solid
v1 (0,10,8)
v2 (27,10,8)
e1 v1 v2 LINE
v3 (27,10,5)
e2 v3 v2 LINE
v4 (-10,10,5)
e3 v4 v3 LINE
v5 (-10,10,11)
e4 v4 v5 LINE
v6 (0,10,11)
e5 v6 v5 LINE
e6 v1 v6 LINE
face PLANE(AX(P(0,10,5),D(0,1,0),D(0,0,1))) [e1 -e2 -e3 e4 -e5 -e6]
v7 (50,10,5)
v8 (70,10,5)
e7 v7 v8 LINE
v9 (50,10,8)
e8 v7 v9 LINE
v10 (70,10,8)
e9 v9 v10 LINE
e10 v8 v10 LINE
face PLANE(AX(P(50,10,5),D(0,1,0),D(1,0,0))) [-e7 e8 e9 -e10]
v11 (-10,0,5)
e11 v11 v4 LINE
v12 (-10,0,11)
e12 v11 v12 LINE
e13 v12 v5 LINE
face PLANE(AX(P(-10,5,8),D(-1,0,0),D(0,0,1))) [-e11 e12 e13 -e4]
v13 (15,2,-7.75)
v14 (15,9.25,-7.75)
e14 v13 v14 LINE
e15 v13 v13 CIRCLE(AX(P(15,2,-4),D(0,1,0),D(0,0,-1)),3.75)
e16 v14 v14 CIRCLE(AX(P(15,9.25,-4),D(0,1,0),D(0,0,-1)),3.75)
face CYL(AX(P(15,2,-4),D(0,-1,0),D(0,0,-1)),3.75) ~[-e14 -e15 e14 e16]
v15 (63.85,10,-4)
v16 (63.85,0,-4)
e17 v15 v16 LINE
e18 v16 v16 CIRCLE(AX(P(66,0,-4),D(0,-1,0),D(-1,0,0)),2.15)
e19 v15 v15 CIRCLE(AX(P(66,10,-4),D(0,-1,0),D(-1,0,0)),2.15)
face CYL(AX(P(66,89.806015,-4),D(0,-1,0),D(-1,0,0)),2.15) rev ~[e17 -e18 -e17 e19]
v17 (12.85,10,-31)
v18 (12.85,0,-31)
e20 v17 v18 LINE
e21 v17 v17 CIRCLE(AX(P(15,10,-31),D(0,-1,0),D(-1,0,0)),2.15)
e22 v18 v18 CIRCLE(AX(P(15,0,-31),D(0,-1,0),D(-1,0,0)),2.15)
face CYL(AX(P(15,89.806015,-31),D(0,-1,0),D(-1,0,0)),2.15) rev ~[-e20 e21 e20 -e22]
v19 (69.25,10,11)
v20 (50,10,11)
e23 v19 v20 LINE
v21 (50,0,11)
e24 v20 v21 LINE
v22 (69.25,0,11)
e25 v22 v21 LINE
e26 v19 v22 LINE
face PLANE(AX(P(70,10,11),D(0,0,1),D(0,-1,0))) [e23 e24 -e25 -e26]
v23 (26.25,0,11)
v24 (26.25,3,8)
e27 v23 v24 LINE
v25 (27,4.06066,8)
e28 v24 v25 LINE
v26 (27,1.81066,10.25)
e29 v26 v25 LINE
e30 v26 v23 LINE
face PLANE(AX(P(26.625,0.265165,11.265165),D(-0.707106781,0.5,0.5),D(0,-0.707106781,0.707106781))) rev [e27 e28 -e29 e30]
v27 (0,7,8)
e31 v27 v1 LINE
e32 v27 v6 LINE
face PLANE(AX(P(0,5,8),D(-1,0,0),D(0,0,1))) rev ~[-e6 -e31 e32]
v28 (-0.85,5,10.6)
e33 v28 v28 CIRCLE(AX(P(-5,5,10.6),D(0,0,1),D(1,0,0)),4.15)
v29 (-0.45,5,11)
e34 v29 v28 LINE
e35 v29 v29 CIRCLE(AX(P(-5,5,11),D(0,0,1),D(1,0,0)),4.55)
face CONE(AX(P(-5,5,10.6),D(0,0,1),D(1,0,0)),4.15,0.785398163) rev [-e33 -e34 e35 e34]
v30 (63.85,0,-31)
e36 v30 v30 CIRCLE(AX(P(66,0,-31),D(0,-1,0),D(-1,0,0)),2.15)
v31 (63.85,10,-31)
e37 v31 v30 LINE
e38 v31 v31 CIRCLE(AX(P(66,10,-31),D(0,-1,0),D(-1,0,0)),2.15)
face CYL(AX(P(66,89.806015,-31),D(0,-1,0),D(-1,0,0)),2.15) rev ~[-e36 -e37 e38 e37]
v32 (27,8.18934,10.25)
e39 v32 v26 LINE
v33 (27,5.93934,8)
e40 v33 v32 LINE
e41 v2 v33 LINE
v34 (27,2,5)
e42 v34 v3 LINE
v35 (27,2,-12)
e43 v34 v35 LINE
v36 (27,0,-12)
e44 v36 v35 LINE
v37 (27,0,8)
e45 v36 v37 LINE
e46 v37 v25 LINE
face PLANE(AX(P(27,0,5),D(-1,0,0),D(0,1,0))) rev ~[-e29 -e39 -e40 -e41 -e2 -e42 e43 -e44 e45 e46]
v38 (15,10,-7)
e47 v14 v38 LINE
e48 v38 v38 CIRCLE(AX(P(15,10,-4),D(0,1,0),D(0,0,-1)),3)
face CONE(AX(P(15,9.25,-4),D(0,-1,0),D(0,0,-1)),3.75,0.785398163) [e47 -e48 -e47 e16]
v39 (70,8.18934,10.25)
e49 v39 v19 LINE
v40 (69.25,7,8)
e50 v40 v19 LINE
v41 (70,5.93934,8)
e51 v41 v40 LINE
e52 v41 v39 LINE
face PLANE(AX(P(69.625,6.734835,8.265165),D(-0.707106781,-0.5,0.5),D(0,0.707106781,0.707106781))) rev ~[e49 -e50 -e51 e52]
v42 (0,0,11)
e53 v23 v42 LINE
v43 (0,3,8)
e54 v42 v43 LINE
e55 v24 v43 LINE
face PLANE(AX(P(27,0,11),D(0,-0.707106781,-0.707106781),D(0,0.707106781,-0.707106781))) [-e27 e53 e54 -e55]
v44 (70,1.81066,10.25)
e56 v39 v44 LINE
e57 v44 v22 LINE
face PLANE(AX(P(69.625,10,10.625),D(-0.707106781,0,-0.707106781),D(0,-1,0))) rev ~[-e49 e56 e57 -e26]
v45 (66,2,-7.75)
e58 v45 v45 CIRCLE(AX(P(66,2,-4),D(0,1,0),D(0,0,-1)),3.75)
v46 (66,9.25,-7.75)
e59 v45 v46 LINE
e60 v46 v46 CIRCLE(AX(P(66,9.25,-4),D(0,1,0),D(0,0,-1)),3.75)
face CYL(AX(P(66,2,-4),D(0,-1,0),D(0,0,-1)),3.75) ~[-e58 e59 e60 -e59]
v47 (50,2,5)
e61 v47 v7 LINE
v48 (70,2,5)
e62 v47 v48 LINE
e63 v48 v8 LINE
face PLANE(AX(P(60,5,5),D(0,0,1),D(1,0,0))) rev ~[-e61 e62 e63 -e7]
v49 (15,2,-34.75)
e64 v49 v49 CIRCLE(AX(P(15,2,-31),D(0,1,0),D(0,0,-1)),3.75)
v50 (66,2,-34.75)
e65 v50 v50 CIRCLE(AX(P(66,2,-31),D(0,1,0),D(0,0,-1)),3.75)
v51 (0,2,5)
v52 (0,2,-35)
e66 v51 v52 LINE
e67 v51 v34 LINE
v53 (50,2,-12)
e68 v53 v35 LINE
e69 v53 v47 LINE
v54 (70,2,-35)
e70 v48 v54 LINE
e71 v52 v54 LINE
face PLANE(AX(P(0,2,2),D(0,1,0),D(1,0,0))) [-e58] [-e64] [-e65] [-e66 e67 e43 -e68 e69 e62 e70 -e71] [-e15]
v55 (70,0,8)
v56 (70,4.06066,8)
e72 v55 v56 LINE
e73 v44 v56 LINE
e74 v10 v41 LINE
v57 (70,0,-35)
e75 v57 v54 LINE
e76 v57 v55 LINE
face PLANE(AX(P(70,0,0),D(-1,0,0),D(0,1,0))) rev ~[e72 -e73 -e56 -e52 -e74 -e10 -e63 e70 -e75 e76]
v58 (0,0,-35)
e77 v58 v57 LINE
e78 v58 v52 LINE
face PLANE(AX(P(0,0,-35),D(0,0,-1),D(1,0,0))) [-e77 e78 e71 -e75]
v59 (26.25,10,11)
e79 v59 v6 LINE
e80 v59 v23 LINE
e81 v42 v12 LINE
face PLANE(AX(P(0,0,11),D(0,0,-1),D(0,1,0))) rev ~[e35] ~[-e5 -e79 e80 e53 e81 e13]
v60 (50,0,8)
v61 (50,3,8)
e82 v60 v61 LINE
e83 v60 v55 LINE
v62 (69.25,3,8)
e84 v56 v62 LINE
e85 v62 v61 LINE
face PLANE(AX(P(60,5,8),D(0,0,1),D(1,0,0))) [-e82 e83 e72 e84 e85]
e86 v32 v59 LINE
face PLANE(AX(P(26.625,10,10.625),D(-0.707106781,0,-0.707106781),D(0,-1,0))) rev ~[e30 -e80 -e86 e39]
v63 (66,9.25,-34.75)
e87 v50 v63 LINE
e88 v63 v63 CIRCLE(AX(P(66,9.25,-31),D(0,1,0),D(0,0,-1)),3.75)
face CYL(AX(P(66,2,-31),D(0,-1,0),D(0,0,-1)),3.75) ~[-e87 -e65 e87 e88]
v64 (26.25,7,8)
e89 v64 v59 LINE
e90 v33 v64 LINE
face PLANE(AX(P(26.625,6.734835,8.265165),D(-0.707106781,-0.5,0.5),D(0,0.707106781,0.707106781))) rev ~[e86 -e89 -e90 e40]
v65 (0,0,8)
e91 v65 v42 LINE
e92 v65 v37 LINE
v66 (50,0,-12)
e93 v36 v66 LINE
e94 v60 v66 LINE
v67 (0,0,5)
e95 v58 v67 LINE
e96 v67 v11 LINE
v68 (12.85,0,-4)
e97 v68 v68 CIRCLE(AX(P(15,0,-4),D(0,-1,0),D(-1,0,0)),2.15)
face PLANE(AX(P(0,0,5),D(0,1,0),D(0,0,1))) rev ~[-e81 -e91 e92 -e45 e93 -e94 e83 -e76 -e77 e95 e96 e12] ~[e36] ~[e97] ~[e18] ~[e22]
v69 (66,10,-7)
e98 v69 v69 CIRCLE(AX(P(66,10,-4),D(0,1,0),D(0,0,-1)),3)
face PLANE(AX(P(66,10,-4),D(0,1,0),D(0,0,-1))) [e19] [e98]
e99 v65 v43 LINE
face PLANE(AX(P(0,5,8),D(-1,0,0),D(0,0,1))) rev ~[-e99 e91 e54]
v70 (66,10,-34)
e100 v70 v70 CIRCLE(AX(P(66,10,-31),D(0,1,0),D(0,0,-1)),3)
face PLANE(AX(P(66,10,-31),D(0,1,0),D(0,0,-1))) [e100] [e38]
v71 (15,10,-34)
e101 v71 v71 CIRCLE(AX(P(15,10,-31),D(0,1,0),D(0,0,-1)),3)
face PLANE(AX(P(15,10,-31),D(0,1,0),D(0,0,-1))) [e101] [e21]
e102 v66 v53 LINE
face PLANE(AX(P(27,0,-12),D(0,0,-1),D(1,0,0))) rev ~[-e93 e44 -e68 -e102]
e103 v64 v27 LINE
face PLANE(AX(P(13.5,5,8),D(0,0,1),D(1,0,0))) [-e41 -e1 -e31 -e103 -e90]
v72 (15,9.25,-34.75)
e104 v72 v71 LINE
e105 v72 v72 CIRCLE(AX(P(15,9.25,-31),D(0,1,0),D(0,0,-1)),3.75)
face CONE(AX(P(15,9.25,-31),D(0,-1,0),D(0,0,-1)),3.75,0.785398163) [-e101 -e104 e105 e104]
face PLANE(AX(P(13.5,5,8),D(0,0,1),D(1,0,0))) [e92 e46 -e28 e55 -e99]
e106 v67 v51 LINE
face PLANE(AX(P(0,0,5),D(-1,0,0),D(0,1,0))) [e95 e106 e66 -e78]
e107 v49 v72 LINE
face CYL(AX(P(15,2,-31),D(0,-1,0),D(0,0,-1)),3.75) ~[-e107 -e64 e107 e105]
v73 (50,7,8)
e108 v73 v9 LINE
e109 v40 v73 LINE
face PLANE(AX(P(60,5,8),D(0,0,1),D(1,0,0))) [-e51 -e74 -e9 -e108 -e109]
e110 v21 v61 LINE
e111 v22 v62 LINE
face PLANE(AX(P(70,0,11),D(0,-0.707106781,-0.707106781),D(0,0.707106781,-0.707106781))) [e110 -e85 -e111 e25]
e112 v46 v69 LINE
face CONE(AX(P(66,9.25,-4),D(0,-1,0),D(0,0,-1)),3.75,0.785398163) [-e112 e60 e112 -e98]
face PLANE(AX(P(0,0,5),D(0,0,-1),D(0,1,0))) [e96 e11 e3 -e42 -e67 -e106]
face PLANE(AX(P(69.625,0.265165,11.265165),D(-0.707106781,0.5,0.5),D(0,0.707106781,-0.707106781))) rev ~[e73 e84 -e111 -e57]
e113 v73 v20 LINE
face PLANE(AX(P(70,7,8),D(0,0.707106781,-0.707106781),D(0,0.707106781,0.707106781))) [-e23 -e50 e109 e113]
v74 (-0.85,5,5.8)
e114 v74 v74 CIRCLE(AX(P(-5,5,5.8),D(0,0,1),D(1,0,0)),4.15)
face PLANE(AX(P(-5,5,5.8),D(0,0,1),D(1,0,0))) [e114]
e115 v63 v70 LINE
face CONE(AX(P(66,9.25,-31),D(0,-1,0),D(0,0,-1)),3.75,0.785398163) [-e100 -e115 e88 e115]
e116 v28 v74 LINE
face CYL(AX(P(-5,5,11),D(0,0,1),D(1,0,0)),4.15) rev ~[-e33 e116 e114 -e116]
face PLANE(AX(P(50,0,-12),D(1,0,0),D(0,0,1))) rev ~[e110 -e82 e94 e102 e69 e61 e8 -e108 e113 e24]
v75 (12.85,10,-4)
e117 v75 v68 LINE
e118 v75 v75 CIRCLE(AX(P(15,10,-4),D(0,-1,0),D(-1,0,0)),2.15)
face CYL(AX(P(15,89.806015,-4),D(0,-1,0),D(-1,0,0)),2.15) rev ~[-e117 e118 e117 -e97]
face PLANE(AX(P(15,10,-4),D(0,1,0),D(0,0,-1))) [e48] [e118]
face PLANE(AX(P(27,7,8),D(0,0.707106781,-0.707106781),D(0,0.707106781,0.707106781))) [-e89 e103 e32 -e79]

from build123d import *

# Parameters (mm, degrees)
SKETCH1_W                  = 70
SKETCH1_H                  = 35
BOSS_EXTRUDE1_DEPTH        = 2
SKETCH2_R                  = 3.75
BOSS_EXTRUDE2_DEPTH        = 8
SKETCH6_W                  = 70
SKETCH6_H                  = 2
BOSS_EXTRUDE3_DEPTH        = 2
F_4_3_4_3_DIAMETER_HOLE1_D = 4.3
CHAMFER1_SIZE              = 0.75
SKETCH5_W                  = 23
SKETCH5_H                  = 14
CUT_EXTRUDE1_DEPTH         = 79.89866919
SKETCH7_W                  = 27
SKETCH7_H                  = 2
SKETCH7_W_2                = 20
BOSS_EXTRUDE4_DEPTH        = 3
SKETCH9_W                  = 27
SKETCH9_H                  = 10
SKETCH9_W_2                = 20
BOSS_EXTRUDE5_DEPTH        = 3
BOSS_EXTRUDE6_DEPTH        = 20
BOSS_EXTRUDE7_START        = -43
BOSS_EXTRUDE7_DEPTH        = 27
CHAMFER3_SIZE              = 0.75
SKETCH11_W                 = 6
SKETCH11_H                 = 10
BOSS_EXTRUDE8_DEPTH        = 10
SKETCH12_R                 = 4.15
CUT_EXTRUDE2_DEPTH         = 5.2
CHAMFER4_SIZE              = 0.4


with BuildPart() as part:
    # Sketch1 → Boss-Extrude1 (new body)
    with BuildSketch(Plane(origin=(0, 0, 0), x_dir=(1, 0, 0), z_dir=(0, 1, 0))):
        with Locations((35, 17.5)):
            Rectangle(SKETCH1_W, SKETCH1_H)
    extrude(amount=BOSS_EXTRUDE1_DEPTH)

    # Sketch2 → Boss-Extrude2 (add)
    with BuildSketch(Plane(origin=(0, 2, 0), x_dir=(1, 0, 0), z_dir=(0, 1, 0))):
        with Locations(Location((66, 31, 0), (0, 0, 90))):
            Circle(SKETCH2_R)
        with Locations(Location((15, 31, 0), (0, 0, 90))):
            Circle(SKETCH2_R)
        with Locations(Location((15, 4, 0), (0, 0, 90))):
            Circle(SKETCH2_R)
        with Locations(Location((66, 4, 0), (0, 0, 90))):
            Circle(SKETCH2_R)
    extrude(amount=BOSS_EXTRUDE2_DEPTH)

    # Sketch6 → Boss-Extrude3 (add)
    with BuildSketch(Plane.XY):
        with Locations((35, 1)):
            Rectangle(SKETCH6_W, SKETCH6_H)
    extrude(amount=BOSS_EXTRUDE3_DEPTH)

    # Ø4.3 (4.3) Diameter Hole1 (through all)
    with Locations(Plane(origin=(0, 10, 0), x_dir=(1, 0, 0), z_dir=(0, 1, 0))):
        with Locations((66, 31), (15, 31), (15, 4), (66, 4)):
            Hole(F_4_3_4_3_DIAMETER_HOLE1_D / 2)

    # Chamfer1
    chamfer1_edges = [part.edges().sort_by_distance(p)[0] for p in [
        (66, 10, -27.25),
        (15, 10, -27.25),
        (15, 10, -0.25),
        (66, 10, -0.25),
    ]]
    chamfer(chamfer1_edges, length=CHAMFER1_SIZE)

    # Sketch5 → Cut-Extrude1 (cut, through all)
    with BuildSketch(Plane.XZ):
        with Locations((38.5, -5)):
            Rectangle(SKETCH5_W, SKETCH5_H)
    extrude(amount=-CUT_EXTRUDE1_DEPTH, mode=Mode.SUBTRACT)

    # Sketch7 → Boss-Extrude4 (add)
    with BuildSketch(Plane.XY.offset(2)):
        with Locations((13.5, 1)):
            Rectangle(SKETCH7_W, SKETCH7_H)
        with Locations((60, 1)):
            Rectangle(SKETCH7_W_2, SKETCH7_H)
    extrude(amount=BOSS_EXTRUDE4_DEPTH)

    # Sketch9 → Boss-Extrude5 (add)
    with BuildSketch(Plane.XY.offset(5)):
        with Locations((13.5, 5)):
            Rectangle(SKETCH9_W, SKETCH9_H)
        with Locations((60, 5)):
            Rectangle(SKETCH9_W_2, SKETCH9_H)
    extrude(amount=BOSS_EXTRUDE5_DEPTH)

    # Sketch10 → Boss-Extrude6 (add)
    with BuildSketch(Plane(origin=(70, 0, 0), x_dir=(0, 0, -1), z_dir=(1, 0, 0))):
        Polygon((-8, 7), (-11, 10), (-11, 0), (-8, 3), align=None)
    extrude(amount=-BOSS_EXTRUDE6_DEPTH)

    # Sketch10<2> → Boss-Extrude7 (add)
    with BuildSketch(Plane(origin=(70, 0, 0), x_dir=(0, 0, -1), z_dir=(1, 0, 0)).offset(BOSS_EXTRUDE7_START)):
        Polygon((-8, 7), (-11, 10), (-11, 0), (-8, 3), align=None)
    extrude(amount=-BOSS_EXTRUDE7_DEPTH)

    # Chamfer3
    chamfer3_edges = [part.edges().sort_by_distance(p)[0] for p in [
        (70, 8.5, 9.5),
        (70, 5, 11),
        (70, 1.5, 9.5),
        (27, 8.5, 9.5),
        (27, 5, 11),
        (27, 1.5, 9.5),
    ]]
    chamfer(chamfer3_edges, length=CHAMFER3_SIZE)

    # Sketch11 → Boss-Extrude8 (add)
    with BuildSketch(Plane.ZY):
        with Locations((8, 5)):
            Rectangle(SKETCH11_W, SKETCH11_H)
    extrude(amount=BOSS_EXTRUDE8_DEPTH)

    # Sketch12 → Cut-Extrude2 (cut)
    with BuildSketch(Plane.XY.offset(11)):
        with Locations((-5, 5)):
            Circle(SKETCH12_R)
    extrude(amount=-CUT_EXTRUDE2_DEPTH, mode=Mode.SUBTRACT)

    # Chamfer4
    chamfer4_edges = [part.edges().sort_by_distance(p)[0] for p in [
        (-9.15, 5, 11),
    ]]
    chamfer(chamfer4_edges, length=CHAMFER4_SIZE)


solid = part.part
